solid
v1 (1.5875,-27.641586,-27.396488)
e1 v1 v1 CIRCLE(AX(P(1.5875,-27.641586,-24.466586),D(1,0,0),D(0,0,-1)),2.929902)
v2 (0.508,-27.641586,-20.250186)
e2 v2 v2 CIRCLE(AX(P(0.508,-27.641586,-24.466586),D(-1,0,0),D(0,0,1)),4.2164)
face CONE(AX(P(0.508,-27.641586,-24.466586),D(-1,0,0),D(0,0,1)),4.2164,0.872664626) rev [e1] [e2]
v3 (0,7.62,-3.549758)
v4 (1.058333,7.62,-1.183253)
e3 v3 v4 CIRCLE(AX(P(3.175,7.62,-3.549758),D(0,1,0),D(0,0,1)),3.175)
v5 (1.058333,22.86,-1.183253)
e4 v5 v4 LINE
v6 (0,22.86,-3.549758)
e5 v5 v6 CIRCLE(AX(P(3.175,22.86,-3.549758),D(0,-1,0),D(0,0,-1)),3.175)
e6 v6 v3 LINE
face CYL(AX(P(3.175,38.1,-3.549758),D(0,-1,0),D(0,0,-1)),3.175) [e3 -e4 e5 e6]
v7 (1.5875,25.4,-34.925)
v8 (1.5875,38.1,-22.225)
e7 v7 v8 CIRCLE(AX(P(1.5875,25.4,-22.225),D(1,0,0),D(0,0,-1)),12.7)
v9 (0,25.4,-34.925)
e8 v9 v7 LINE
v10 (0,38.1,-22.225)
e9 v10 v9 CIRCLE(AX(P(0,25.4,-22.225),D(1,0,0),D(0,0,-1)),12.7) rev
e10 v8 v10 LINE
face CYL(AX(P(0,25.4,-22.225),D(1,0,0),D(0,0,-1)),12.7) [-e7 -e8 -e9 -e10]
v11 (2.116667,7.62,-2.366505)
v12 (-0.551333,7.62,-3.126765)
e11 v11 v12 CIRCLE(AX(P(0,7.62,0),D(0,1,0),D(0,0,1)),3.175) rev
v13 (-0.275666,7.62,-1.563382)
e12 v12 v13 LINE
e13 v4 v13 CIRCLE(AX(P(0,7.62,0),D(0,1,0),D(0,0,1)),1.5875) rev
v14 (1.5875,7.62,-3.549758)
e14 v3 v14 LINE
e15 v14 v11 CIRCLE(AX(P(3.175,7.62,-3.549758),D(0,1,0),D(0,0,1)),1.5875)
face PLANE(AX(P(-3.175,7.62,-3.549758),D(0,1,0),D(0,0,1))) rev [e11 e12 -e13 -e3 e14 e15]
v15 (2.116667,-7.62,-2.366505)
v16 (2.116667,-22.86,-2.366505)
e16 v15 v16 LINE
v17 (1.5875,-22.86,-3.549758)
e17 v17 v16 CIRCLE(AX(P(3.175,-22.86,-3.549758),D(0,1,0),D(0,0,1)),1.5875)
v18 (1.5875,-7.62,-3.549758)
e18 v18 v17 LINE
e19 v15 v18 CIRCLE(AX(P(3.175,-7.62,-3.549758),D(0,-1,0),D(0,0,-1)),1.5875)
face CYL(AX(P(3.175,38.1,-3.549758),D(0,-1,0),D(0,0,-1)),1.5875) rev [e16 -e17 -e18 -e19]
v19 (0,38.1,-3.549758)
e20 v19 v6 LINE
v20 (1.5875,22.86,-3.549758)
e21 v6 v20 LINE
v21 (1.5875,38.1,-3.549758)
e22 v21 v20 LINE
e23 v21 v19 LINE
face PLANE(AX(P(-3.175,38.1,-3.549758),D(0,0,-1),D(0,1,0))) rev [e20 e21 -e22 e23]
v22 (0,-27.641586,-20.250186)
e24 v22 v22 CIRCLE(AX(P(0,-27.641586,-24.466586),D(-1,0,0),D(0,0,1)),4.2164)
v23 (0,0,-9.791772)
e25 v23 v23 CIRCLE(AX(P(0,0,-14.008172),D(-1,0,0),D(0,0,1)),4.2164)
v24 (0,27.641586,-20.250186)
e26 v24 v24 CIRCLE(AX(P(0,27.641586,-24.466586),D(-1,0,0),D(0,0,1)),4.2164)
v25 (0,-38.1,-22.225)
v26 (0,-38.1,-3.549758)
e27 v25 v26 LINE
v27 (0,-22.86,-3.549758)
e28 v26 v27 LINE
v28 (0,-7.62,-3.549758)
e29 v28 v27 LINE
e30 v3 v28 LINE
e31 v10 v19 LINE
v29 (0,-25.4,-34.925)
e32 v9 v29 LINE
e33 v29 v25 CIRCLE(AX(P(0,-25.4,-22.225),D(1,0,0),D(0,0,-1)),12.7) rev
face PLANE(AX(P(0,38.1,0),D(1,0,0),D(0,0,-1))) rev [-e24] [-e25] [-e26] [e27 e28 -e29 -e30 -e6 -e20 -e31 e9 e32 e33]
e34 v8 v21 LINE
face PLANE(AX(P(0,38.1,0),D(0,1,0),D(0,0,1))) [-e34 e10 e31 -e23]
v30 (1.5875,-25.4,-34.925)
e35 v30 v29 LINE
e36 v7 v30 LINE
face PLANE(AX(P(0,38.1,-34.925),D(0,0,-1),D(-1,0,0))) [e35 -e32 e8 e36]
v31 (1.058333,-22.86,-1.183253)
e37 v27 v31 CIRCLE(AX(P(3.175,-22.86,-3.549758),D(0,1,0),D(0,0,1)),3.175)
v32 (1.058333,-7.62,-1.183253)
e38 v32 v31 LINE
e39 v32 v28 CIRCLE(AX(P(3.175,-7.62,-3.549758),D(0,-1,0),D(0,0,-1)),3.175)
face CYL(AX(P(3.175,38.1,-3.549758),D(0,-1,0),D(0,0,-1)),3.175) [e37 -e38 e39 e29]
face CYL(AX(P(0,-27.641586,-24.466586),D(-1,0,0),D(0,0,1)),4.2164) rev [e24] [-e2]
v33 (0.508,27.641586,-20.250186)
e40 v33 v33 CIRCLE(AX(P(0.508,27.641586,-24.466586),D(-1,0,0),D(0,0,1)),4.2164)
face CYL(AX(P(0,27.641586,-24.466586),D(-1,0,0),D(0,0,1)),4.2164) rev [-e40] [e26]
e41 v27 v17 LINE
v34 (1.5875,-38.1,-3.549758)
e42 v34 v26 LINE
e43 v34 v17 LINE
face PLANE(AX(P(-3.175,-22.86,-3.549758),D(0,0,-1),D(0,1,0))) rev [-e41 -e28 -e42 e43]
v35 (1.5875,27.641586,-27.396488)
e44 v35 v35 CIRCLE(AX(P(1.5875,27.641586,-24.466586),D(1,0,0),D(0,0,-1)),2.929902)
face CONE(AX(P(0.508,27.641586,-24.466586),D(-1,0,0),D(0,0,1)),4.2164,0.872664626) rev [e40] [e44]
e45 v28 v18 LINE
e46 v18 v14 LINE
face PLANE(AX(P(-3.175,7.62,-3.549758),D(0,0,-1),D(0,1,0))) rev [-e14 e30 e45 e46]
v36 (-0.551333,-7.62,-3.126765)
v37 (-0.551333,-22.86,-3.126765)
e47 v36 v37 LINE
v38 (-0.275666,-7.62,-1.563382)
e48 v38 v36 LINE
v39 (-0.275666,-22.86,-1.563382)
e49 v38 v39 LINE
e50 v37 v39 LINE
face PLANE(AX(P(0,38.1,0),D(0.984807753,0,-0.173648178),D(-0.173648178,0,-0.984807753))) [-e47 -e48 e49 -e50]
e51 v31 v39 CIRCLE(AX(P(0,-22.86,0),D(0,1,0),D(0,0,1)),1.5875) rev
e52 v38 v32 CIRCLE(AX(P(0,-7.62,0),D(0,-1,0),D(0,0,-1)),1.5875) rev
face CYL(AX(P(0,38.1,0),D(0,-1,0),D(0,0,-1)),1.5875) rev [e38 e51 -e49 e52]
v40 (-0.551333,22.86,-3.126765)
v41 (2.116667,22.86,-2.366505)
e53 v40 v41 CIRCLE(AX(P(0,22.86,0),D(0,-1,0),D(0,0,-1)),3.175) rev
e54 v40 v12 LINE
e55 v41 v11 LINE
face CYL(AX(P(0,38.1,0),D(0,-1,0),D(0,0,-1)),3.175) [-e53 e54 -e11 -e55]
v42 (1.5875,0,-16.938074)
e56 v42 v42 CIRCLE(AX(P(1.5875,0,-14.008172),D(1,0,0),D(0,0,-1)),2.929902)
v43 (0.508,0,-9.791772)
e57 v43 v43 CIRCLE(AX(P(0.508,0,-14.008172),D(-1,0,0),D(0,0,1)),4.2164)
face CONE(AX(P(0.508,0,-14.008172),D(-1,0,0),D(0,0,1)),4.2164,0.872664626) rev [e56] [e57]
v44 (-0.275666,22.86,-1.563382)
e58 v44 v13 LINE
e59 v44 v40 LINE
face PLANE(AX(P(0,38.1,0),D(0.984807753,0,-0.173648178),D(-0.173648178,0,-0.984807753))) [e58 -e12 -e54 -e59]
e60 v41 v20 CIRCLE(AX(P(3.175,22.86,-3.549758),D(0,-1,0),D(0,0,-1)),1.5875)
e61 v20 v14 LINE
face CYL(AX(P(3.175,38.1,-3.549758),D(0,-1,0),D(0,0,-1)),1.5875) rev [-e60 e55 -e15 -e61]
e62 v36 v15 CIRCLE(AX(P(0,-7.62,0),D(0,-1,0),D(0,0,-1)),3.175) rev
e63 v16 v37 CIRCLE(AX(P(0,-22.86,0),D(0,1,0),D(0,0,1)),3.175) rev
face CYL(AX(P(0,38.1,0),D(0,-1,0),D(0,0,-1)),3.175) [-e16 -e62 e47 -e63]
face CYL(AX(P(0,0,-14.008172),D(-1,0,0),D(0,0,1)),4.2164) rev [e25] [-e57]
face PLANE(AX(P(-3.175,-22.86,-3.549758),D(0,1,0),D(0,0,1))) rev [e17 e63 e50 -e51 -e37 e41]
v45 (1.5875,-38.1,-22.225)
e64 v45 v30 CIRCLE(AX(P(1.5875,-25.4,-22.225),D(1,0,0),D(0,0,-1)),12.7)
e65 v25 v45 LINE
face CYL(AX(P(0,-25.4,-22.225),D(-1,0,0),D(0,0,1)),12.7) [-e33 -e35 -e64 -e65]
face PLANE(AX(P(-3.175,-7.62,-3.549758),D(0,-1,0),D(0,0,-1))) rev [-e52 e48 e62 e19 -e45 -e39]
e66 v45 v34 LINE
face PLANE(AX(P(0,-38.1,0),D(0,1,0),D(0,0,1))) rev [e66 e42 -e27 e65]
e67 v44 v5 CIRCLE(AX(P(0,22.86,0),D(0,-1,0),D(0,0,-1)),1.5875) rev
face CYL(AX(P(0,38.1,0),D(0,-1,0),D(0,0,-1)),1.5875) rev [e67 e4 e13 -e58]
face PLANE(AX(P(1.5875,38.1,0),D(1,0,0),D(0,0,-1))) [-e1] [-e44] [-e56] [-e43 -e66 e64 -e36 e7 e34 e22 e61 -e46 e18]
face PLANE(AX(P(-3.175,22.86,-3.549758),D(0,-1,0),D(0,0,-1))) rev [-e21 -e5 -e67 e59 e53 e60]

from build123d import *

# Parameters (mm, degrees)
BOSS_EXTRUDE1_DEPTH                       = 38.1
SKETCH3_W                                 = 6.724757914
SKETCH3_H                                 = 15.24
CUT_EXTRUDE1_DEPTH                        = 4.175
CUT_EXTRUDE1_DEPTH_BACK                   = 4.175
CSK_FOR_8_FLAT_HEAD_MACHINE_SCREW_2_COUNT = 2
CSK_FOR_8_FLAT_HEAD_MACHINE_SCREW_2_PITCH = 29.553945574
CSK_FOR_8_FLAT_HEAD_MACHINE_SCREW_3_COUNT = 2
CSK_FOR_8_FLAT_HEAD_MACHINE_SCREW_3_PITCH = 55.283171943
FILLET1_R                                 = 12.7


with BuildPart() as part:
    # Sketch2 → Boss-Extrude1 (new body, symmetric)
    with BuildSketch(Plane(origin=(0, 0, 0), x_dir=(1, 0, 0), z_dir=(0, 1, 0))):
        with BuildLine():
            Line((1.5875, 34.925), (0, 34.925))
            Line((0, 34.925), (0, 3.549757914))
            ThreePointArc((0, 3.549757914), (0.2766348, 2.253569592), (1.058333333, 1.183252638))
            ThreePointArc((1.058333333, 1.183252638), (-0.435047689, -1.526725175), (-0.275666482, 1.563382308))
            Line((-0.275666482, 1.563382308), (-0.551332964, 3.126764616))
            ThreePointArc((-0.551332964, 3.126764616), (-0.870095378, -3.053450349), (2.116666667, 2.366505276))
            ThreePointArc((2.116666667, 2.366505276), (1.7258174, 2.901663753), (1.5875, 3.549757914))
            Line((1.5875, 3.549757914), (1.5875, 34.925))
        make_face()
    extrude(amount=BOSS_EXTRUDE1_DEPTH, both=True)

    # Sketch3 → Cut-Extrude1 (cut, two sides)
    with BuildSketch(Plane(origin=(0, 0, 0), x_dir=(0, 0, -1), z_dir=(1, 0, 0))) as cut_extrude1_sk:
        with Locations((0.187378957, 30.48)):
            Rectangle(SKETCH3_W, SKETCH3_H)
        with Locations((0.187378957, 0)):
            Rectangle(SKETCH3_W, SKETCH3_H)
        with Locations((0.187378957, -30.48)):
            Rectangle(SKETCH3_W, SKETCH3_H)
    extrude(amount=CUT_EXTRUDE1_DEPTH, mode=Mode.SUBTRACT)
    extrude(cut_extrude1_sk.sketch, amount=-CUT_EXTRUDE1_DEPTH_BACK, mode=Mode.SUBTRACT)

    # Sketch4 → CSK for #8 Flat Head Machine Screw (100)1 (revolve, cut)
    with BuildSketch(Plane(origin=(0, -27.641585971, -24.466585971), x_dir=(0, 0, 1), z_dir=(0, 1, 0))):
        Polygon((0, 0), (0, 3.175), (2.2479, 3.175), (2.2479, 2.159767624), (4.2164, 0.508), (4.2164, 0), align=None)
    csk_for_8_flat_head_machine_screw_100 = revolve(axis=Axis((-6.35, -27.641585971, -24.466585971), (1, 0, 0)), mode=Mode.SUBTRACT)

    # CSK for _8 Flat Head Machine Screw _ 2: CSK for #8 Flat Head Machine Screw (100)1 ×2
    with Locations(*[Vector(0, 0.935292579, 0.35387539) * (i * CSK_FOR_8_FLAT_HEAD_MACHINE_SCREW_2_PITCH) for i in range(1, CSK_FOR_8_FLAT_HEAD_MACHINE_SCREW_2_COUNT)]):
        add(csk_for_8_flat_head_machine_screw_100, mode=Mode.SUBTRACT)

    # CSK for _8 Flat Head Machine Screw _ 3: CSK for #8 Flat Head Machine Screw (100)1 ×2
    with Locations(*[(0, i * CSK_FOR_8_FLAT_HEAD_MACHINE_SCREW_3_PITCH, 0) for i in range(1, CSK_FOR_8_FLAT_HEAD_MACHINE_SCREW_3_COUNT)]):
        add(csk_for_8_flat_head_machine_screw_100, mode=Mode.SUBTRACT)

    # Fillet1
    fillet1_edges = [part.edges().sort_by_distance(p)[0] for p in [
        (0.79375, 38.1, -34.925),
        (0.79375, -38.1, -34.925),
    ]]
    fillet(fillet1_edges, radius=FILLET1_R)


solid = part.part
